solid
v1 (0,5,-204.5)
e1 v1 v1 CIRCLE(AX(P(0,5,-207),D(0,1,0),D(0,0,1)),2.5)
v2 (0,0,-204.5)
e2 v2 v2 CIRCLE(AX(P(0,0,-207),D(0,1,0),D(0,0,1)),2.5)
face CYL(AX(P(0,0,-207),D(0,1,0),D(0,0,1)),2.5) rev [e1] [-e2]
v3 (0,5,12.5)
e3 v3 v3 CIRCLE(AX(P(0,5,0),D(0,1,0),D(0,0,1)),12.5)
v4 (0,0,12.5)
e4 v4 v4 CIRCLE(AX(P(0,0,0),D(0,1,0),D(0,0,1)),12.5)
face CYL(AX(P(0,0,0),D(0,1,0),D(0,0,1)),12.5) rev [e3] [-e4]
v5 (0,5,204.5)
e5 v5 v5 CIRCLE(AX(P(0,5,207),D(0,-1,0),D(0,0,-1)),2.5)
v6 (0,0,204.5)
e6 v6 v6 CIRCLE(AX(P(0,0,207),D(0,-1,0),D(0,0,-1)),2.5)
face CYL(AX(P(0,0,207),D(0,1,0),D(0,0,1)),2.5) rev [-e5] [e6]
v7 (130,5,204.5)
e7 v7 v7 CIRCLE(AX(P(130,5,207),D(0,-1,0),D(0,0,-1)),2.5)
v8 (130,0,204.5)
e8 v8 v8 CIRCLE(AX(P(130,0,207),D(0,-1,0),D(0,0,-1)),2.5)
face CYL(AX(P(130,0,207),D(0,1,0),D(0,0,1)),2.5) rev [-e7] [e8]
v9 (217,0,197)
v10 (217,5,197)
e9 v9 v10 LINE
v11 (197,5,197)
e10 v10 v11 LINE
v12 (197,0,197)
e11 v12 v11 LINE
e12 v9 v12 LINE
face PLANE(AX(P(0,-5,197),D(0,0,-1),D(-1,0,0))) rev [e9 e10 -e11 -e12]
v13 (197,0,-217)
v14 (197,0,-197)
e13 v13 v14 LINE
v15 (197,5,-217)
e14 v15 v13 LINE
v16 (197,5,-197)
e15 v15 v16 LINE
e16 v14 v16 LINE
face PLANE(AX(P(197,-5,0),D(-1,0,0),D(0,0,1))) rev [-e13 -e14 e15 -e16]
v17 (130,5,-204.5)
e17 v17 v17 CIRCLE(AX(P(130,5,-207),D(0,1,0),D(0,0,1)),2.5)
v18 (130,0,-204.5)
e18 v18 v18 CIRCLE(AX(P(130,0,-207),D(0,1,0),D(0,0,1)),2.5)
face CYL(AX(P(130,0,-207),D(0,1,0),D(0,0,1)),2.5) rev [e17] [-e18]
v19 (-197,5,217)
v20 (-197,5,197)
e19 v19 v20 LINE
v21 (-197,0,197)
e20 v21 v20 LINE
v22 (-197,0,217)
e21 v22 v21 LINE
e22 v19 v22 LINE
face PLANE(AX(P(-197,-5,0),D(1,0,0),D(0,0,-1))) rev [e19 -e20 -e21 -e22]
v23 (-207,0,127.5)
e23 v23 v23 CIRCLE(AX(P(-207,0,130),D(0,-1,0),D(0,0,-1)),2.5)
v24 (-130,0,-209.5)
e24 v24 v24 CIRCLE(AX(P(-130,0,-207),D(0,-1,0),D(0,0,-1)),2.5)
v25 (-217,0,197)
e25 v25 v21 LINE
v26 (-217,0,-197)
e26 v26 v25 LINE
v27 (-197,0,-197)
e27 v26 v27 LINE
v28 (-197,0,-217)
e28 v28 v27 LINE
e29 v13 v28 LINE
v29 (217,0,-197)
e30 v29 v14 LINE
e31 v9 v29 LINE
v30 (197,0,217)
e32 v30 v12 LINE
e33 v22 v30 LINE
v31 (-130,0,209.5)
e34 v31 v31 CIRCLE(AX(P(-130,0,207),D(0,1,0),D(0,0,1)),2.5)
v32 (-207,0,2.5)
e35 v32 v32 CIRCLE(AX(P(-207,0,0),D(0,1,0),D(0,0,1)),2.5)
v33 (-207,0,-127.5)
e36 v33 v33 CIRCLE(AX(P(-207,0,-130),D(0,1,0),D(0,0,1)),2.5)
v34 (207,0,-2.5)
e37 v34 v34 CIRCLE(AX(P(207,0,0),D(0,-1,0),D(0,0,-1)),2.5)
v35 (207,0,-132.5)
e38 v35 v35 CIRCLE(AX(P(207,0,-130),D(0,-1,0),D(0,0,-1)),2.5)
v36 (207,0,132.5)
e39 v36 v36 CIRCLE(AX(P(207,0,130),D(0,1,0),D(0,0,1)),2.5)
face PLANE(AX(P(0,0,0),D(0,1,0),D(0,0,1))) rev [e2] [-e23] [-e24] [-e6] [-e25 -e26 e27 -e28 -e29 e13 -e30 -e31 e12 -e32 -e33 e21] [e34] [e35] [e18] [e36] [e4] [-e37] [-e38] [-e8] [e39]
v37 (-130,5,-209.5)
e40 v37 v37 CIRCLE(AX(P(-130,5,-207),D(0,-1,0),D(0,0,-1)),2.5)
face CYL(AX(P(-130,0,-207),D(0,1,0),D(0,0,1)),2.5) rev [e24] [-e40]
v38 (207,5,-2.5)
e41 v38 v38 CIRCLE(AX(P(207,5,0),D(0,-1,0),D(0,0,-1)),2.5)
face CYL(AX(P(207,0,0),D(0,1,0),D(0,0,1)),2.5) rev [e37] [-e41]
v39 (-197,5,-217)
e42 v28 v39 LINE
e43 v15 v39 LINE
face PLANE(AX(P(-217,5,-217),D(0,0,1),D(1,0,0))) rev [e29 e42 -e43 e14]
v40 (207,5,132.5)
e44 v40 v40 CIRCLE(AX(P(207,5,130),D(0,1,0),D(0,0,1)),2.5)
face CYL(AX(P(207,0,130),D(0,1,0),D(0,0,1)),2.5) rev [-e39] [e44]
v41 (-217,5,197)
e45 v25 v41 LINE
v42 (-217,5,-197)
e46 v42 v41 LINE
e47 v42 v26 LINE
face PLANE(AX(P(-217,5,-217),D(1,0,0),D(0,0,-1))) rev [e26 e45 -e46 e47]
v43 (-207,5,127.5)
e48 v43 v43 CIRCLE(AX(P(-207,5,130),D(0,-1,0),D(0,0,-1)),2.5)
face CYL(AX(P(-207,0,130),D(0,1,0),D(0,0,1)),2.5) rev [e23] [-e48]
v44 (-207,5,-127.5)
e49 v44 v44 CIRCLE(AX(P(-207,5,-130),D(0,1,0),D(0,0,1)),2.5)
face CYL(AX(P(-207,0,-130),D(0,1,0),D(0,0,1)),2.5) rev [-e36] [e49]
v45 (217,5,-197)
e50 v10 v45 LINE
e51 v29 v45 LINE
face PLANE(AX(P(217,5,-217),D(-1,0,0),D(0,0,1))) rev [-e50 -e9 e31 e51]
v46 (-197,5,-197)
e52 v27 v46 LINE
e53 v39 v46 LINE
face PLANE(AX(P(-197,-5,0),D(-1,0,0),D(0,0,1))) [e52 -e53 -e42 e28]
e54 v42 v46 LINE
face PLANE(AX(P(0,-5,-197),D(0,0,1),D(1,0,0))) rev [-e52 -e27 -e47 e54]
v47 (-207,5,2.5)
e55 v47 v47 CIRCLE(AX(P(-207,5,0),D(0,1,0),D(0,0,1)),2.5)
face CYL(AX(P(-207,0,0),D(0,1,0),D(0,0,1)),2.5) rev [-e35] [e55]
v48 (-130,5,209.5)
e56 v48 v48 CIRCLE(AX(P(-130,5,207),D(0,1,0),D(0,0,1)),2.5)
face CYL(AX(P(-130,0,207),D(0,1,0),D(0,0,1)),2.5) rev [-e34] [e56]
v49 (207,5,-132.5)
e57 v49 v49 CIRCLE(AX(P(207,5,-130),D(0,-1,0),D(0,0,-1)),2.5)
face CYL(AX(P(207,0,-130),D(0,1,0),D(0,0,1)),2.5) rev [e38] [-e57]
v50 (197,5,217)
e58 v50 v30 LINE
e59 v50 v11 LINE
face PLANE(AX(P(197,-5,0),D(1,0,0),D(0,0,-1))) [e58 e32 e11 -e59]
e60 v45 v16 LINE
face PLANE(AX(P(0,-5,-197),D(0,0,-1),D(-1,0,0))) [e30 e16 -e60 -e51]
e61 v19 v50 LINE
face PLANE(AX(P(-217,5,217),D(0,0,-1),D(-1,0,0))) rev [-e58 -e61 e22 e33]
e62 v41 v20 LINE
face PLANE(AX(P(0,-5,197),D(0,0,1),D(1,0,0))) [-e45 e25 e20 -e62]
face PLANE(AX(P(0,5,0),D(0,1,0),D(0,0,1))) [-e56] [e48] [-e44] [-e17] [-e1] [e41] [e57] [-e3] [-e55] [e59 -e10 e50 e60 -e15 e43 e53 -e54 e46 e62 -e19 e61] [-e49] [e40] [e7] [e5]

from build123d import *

# Parameters (mm, degrees)
SKETCH1_W           = 434
SKETCH1_H           = 434
BOSS_EXTRUDE1_DEPTH = 5
SKETCH2_R           = 2.5
CUT_EXTRUDE1_DEPTH  = 5
SKETCH3_R           = 12.5
CUT_EXTRUDE2_DEPTH  = 5
SKETCH4_W           = 20
SKETCH4_H           = 20
CUT_EXTRUDE3_DEPTH  = 10


with BuildPart() as part:
    # Sketch1 → Boss-Extrude1 (new body)
    with BuildSketch(Plane(origin=(0, 0, 0), x_dir=(1, 0, 0), z_dir=(0, 1, 0))):
        Rectangle(SKETCH1_W, SKETCH1_H)
    extrude(amount=BOSS_EXTRUDE1_DEPTH)

    # Sketch2 → Cut-Extrude1 (cut)
    with BuildSketch(Plane(origin=(0, 5, 0), x_dir=(1, 0, 0), z_dir=(0, 1, 0))):
        with Locations(Location((-207, 130, 0), (0, 0, 270))):
            Circle(SKETCH2_R)
        with Locations(Location((-207, 0, 0), (0, 0, 270))):
            Circle(SKETCH2_R)
        with Locations(Location((-207, -130, 0), (0, 0, 90))):
            Circle(SKETCH2_R)
        with Locations(Location((207, -130, 0), (0, 0, 270))):
            Circle(SKETCH2_R)
        with Locations(Location((207, 0, 0), (0, 0, 90))):
            Circle(SKETCH2_R)
        with Locations(Location((207, 130, 0), (0, 0, 90))):
            Circle(SKETCH2_R)
        with Locations(Location((130, 207, 0), (0, 0, 270))):
            Circle(SKETCH2_R)
        with Locations(Location((0, 207, 0), (0, 0, 270))):
            Circle(SKETCH2_R)
        with Locations(Location((-130, 207, 0), (0, 0, 90))):
            Circle(SKETCH2_R)
        with Locations(Location((-130, -207, 0), (0, 0, 270))):
            Circle(SKETCH2_R)
        with Locations(Location((0, -207, 0), (0, 0, 90))):
            Circle(SKETCH2_R)
        with Locations(Location((130, -207, 0), (0, 0, 90))):
            Circle(SKETCH2_R)
    extrude(amount=-CUT_EXTRUDE1_DEPTH, mode=Mode.SUBTRACT)

    # Sketch3 → Cut-Extrude2 (cut)
    with BuildSketch(Plane(origin=(0, 5, 0), x_dir=(1, 0, 0), z_dir=(0, 1, 0))):
        with Locations(Location((0, 0, 0), (0, 0, 270))):
            Circle(SKETCH3_R)
    extrude(amount=-CUT_EXTRUDE2_DEPTH, mode=Mode.SUBTRACT)

    # Sketch4 → Cut-Extrude3 (cut)
    with BuildSketch(Plane(origin=(0, 5, 0), x_dir=(1, 0, 0), z_dir=(0, 1, 0))):
        with Locations((-207, 207)):
            Rectangle(SKETCH4_W, SKETCH4_H)
        with Locations((207, 207)):
            Rectangle(SKETCH4_W, SKETCH4_H)
        with Locations((207, -207)):
            Rectangle(SKETCH4_W, SKETCH4_H)
        with Locations((-207, -207)):
            Rectangle(SKETCH4_W, SKETCH4_H)
    extrude(amount=-CUT_EXTRUDE3_DEPTH, mode=Mode.SUBTRACT)


solid = part.part
